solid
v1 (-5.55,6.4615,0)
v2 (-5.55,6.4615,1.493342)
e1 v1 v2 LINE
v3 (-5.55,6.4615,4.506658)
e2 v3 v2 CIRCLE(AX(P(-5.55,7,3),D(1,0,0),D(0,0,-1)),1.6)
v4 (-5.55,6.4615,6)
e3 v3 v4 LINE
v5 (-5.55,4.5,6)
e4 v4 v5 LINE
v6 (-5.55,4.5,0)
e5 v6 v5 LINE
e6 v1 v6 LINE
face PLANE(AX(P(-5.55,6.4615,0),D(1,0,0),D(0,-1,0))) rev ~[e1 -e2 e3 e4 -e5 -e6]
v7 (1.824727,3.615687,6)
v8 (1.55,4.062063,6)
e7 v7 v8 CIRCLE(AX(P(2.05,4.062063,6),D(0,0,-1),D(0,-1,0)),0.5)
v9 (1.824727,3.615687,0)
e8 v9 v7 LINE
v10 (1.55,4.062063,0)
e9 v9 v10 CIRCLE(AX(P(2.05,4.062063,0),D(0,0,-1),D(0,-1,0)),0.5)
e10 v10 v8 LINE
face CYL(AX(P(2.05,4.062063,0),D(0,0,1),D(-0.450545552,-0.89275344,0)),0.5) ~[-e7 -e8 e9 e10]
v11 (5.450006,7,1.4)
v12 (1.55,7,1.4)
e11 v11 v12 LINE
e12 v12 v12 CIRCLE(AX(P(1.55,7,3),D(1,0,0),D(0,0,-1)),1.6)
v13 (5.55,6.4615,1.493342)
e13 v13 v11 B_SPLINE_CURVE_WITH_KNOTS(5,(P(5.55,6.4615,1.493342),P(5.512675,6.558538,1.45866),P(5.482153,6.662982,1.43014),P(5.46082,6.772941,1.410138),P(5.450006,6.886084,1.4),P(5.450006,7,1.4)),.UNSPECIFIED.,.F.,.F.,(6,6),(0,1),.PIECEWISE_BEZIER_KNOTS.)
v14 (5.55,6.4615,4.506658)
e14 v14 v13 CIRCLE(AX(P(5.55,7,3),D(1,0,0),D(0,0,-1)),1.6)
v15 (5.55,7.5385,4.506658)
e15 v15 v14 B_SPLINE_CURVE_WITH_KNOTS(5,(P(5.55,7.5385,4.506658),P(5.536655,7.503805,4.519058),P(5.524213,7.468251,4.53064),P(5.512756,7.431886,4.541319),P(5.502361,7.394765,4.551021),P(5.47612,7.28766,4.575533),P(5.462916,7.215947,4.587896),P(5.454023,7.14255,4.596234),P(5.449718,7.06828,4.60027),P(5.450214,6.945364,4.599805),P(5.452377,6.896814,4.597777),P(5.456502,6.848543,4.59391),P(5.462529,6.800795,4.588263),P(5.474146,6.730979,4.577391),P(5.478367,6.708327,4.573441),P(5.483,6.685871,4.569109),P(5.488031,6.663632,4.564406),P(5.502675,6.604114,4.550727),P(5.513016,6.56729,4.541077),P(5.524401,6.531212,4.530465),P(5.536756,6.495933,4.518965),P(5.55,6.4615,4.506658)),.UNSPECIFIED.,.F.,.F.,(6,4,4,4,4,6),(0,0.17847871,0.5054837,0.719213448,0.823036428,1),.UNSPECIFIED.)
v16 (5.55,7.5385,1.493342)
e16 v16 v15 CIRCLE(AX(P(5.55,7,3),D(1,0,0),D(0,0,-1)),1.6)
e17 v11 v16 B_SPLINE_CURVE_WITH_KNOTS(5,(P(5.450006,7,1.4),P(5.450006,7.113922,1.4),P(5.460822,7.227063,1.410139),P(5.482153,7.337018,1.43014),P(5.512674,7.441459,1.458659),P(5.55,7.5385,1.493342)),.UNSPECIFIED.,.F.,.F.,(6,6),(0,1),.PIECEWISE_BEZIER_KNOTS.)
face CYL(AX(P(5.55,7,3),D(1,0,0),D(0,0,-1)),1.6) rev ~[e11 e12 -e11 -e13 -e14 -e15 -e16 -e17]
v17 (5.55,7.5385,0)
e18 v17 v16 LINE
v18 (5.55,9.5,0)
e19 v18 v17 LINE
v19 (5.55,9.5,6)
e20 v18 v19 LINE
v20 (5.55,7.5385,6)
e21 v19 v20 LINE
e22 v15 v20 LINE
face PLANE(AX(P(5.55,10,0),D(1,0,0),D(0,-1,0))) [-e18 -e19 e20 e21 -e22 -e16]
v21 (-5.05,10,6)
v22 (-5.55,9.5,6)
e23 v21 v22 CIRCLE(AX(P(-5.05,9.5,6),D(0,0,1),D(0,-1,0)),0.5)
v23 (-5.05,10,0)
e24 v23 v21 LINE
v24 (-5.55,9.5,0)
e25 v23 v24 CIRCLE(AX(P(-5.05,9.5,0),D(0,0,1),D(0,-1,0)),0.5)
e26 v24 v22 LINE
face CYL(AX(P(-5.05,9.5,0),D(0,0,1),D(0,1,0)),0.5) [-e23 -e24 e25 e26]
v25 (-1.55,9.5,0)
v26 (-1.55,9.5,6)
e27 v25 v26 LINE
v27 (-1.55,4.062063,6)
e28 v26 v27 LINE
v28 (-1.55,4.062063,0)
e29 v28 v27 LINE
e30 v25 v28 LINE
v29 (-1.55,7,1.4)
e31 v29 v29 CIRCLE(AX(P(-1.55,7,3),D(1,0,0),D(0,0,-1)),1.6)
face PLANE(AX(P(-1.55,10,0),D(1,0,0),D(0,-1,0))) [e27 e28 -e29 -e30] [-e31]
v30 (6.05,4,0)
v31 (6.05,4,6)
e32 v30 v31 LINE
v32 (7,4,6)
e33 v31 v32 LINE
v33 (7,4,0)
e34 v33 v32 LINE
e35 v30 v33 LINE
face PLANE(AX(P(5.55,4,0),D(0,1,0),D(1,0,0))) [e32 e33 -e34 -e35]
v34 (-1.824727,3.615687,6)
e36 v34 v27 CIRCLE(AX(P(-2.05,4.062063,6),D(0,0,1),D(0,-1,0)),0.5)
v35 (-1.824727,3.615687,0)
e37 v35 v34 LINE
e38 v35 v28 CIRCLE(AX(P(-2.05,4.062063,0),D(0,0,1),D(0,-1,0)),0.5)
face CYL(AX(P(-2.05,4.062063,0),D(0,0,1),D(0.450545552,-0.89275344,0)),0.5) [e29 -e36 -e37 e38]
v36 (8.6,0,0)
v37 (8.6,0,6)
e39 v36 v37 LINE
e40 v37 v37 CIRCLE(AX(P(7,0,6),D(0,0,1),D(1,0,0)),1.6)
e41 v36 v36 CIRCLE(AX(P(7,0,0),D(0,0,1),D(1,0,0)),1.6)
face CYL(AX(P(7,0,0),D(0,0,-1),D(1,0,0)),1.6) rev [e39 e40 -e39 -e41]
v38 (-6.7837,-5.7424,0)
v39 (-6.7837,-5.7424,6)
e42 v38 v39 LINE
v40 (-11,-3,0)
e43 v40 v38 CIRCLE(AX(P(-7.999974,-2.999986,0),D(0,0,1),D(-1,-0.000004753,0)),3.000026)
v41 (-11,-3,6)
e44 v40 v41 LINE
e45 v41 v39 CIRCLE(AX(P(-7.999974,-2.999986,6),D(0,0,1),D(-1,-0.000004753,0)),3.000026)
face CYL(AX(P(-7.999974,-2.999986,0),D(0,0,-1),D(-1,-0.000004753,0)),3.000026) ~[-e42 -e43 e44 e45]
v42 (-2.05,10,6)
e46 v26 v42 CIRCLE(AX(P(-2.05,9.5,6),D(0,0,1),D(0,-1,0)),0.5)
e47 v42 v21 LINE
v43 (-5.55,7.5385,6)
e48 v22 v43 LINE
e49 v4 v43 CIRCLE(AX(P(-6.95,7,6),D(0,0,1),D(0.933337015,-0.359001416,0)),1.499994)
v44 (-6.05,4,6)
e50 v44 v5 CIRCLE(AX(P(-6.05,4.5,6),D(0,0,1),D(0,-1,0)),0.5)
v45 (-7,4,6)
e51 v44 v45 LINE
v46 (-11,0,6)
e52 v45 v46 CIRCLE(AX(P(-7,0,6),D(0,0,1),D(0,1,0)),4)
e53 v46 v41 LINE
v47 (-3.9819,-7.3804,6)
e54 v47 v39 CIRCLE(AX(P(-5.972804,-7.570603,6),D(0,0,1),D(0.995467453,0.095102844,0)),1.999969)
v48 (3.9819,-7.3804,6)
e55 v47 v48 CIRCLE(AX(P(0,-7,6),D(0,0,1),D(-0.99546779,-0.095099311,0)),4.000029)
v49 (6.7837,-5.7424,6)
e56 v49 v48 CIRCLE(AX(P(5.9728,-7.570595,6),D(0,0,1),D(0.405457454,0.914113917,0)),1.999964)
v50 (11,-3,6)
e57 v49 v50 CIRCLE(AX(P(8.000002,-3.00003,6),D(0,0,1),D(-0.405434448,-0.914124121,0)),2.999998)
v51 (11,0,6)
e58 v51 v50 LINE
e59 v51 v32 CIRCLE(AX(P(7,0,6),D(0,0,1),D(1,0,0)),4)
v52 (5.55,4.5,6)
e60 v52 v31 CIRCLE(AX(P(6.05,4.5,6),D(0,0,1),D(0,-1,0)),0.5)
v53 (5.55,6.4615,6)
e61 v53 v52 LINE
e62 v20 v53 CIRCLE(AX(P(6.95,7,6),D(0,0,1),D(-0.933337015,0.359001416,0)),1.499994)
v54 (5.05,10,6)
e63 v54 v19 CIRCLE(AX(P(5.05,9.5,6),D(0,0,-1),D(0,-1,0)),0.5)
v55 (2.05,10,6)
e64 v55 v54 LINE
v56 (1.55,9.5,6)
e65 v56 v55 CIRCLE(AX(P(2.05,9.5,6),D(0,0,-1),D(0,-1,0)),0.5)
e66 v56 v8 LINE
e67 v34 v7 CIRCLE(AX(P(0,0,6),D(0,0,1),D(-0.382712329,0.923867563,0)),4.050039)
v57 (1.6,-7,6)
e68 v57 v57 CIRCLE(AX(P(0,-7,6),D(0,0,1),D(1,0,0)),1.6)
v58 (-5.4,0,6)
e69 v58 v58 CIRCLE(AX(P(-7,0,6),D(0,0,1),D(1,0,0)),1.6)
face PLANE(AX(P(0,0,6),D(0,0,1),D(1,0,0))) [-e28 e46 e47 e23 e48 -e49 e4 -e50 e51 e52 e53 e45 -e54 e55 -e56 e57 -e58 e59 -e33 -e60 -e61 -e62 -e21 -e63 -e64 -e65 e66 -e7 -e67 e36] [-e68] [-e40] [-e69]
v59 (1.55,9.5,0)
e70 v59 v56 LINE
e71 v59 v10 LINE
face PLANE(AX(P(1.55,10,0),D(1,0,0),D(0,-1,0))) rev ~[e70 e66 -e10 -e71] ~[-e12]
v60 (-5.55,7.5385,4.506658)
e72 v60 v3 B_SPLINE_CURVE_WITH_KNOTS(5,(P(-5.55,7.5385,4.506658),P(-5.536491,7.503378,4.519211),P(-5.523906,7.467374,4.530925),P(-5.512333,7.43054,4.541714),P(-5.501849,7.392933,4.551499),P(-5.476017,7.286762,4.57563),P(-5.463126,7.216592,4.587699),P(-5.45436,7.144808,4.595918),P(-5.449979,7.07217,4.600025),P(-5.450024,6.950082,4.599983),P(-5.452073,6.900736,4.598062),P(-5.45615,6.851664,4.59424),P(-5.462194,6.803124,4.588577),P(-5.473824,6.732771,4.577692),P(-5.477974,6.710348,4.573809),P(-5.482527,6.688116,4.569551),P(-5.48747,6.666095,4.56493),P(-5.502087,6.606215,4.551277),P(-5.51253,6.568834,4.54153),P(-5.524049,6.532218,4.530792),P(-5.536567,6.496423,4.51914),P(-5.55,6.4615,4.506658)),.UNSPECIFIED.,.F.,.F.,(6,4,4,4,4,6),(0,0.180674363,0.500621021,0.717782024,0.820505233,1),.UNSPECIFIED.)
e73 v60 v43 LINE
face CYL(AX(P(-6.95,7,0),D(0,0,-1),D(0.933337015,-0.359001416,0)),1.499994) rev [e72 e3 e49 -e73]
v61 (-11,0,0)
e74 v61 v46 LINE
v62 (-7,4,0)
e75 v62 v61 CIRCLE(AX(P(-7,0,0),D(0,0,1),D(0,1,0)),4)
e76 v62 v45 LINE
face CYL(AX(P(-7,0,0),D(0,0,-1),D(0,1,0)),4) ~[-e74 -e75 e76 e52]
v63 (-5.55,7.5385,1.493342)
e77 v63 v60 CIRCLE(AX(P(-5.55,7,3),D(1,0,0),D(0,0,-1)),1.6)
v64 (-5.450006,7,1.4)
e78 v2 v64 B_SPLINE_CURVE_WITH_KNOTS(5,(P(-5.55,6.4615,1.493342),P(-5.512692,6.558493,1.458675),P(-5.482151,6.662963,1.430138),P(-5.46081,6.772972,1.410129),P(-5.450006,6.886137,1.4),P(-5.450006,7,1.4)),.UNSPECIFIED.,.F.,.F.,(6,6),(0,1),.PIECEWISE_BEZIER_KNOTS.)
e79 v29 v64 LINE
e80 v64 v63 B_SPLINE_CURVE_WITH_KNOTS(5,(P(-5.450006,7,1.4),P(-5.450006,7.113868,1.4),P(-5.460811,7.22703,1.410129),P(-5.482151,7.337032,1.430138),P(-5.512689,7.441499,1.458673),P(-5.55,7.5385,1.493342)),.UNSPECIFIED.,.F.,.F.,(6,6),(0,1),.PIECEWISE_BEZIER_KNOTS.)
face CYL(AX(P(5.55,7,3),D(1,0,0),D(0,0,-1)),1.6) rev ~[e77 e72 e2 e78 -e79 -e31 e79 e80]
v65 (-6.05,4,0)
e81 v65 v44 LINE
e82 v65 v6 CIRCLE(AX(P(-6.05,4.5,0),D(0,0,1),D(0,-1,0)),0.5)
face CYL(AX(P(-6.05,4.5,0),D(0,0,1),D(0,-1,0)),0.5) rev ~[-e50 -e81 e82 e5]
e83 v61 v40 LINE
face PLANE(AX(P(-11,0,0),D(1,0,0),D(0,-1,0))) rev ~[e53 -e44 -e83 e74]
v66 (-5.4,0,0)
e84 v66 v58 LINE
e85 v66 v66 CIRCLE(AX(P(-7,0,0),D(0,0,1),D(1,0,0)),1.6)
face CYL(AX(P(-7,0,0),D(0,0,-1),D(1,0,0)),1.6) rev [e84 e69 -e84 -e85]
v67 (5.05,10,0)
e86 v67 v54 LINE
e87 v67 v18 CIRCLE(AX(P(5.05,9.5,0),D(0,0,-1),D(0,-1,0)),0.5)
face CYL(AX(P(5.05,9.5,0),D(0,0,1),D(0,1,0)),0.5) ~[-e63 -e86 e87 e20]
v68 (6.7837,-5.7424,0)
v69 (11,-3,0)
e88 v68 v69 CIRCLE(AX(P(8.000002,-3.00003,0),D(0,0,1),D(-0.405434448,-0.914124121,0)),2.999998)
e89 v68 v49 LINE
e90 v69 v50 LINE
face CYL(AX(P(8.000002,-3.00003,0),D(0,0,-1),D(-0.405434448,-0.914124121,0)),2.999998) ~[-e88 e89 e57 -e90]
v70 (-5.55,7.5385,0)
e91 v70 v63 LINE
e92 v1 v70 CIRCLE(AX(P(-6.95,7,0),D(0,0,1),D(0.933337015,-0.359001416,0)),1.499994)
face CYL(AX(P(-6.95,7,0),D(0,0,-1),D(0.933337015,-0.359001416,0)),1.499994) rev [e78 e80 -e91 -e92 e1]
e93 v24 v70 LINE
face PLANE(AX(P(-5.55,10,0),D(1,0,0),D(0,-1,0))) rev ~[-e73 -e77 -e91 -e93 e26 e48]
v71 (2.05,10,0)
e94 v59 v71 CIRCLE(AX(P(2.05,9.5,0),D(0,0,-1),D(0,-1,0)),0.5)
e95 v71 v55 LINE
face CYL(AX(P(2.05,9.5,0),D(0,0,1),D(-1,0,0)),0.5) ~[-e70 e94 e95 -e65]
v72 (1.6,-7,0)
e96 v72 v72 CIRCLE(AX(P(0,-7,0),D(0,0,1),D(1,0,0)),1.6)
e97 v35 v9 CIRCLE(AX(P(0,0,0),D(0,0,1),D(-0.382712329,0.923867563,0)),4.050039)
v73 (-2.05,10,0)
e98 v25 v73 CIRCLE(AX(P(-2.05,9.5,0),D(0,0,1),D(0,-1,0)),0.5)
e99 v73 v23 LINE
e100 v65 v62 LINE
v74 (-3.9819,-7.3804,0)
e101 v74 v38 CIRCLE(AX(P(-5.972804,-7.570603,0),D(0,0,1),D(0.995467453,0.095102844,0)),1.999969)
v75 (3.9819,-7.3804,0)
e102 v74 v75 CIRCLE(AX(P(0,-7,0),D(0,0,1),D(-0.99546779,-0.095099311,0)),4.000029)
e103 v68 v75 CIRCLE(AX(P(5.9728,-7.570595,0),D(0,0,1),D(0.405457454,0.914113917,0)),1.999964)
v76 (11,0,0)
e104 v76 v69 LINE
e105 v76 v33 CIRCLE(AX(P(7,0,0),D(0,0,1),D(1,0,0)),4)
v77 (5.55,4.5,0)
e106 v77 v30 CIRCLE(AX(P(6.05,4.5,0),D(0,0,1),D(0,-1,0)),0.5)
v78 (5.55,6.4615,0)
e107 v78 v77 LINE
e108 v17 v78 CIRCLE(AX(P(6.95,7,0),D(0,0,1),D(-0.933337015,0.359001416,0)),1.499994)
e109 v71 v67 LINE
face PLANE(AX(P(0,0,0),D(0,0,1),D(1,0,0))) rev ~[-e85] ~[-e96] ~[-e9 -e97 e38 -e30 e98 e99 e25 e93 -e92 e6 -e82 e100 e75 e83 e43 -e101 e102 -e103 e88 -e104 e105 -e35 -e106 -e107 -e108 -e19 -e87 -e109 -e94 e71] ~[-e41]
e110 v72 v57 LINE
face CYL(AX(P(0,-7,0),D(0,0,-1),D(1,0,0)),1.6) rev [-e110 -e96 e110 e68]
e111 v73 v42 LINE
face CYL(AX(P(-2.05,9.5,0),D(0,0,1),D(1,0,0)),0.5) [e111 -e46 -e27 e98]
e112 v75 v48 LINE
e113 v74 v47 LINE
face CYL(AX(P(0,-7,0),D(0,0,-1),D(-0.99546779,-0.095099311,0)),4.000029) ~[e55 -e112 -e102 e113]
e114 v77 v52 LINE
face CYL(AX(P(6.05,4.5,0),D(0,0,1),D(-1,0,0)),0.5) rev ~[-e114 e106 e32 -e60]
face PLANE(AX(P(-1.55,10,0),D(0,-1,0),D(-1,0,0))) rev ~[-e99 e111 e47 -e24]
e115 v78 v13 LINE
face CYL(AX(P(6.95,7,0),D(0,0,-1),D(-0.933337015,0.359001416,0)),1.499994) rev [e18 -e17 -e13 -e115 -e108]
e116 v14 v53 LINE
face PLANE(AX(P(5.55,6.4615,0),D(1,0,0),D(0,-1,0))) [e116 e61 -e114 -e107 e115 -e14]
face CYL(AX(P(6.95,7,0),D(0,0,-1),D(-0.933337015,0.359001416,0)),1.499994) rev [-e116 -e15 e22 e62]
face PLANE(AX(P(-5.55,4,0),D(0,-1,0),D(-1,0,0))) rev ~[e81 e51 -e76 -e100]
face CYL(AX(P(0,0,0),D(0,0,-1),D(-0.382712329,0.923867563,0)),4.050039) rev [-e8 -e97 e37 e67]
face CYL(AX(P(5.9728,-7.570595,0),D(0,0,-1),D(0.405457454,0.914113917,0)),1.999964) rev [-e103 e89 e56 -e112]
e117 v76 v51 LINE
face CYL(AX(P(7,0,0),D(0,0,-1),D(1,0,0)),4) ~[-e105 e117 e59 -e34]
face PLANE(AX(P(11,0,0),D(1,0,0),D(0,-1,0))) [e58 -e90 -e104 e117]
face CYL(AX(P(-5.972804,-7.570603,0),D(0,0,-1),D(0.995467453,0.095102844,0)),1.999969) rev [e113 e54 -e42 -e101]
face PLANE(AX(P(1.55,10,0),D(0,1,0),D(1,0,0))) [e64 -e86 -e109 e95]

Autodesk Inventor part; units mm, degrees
ref_plane "YZ Plane" through (0, 0, 0) normal (1, 0, 0) x (0, 1, 0)
ref_plane "XZ Plane" through (0, 0, 0) normal (0, 1, 0) x (-1, 0, 0)
ref_plane "XY Plane" through (0, 0, 0) normal (0, 0, 1) x (1, 0, 0)
sketch "スケッチ1" plane through (0, 0, 0) normal (0, 0, 1) x (1, 0, 0)
  arc A0 (-1.55, 3.7417) -> (1.55, 3.7417) centre (0, 0) ccw
  circle A1 centre (-7, 0) radius 1.6
  circle A2 centre (7, 0) radius 1.6
  arc A3 (-7, 4) -> (-11, 0) centre (-7, 0) ccw
  arc A4 (11, 0) -> (7, 4) centre (7, 0) ccw
  line L0 (-1.55, 10) -> (-1.55, 3.7417)
  line L1 (1.55, 10) -> (1.55, 3.7417)
  circle A5 centre (0, -7) radius 1.6
  line L2 (1.55, 10) -> (5.55, 10)
  line L3 (5.55, 10) -> (5.55, 7.5385)
  line L4 (5.55, 4) -> (7, 4)
  line L5 (-1.55, 10) -> (-5.55, 10)
  line L6 (-5.55, 10) -> (-5.55, 7.5385)
  line L7 (-5.55, 4) -> (-7, 4)
  line L8 (-11, 0) -> (-11, -3)
  arc A6 (-11, -3) -> (-6.7837, -5.7424) centre (-8, -3) ccw
  arc A7 (1.55, 3.7417) -> (-1.55, 3.7417) centre (0, 0) ccw construction
  arc A8 (-3.9819, -7.3804) -> (3.9819, -7.3804) centre (0, -7) ccw
  arc A9 (-3.9819, -7.3804) -> (-6.7837, -5.7424) centre (-5.9728, -7.5706) ccw
  line L9 (11, 0) -> (11, -3)
  arc A10 (6.7837, -5.7424) -> (11, -3) centre (8, -3) ccw
  arc A11 (6.7837, -5.7424) -> (3.9819, -7.3804) centre (5.9728, -7.5706) ccw
  arc A12 (-5.55, 7.5385) -> (-5.55, 6.4615) centre (-6.95, 7) ccw construction
  arc A13 (5.55, 6.4615) -> (5.55, 7.5385) centre (6.95, 7) ccw construction
  arc A14 (-5.55, 6.4615) -> (-5.55, 7.5385) centre (-6.95, 7) ccw
  arc A15 (5.55, 7.5385) -> (5.55, 6.4615) centre (6.95, 7) ccw
  line L10 (5.55, 6.4615) -> (5.55, 4)
  line L11 (5.55, 7.5385) -> (5.55, 6.4615) construction
  line L12 (-5.55, 6.4615) -> (-5.55, 4)
  line L13 (-5.55, 7.5385) -> (-5.55, 6.4615) construction
  dimension "d0" = 8.1
  dimension "d1" = 3.2
  dimension "d2" = 3.2
  dimension "d4" = 7
  dimension "d5" = 7
  dimension "d6" = 3.2
  dimension "d7" = 7
  dimension "d8" = 6
  dimension "d9" = 4
  dimension "d10" = 3.1
  dimension "d11" = 4
  dimension "d12" = 4
  dimension "d13" = 1.55
  dimension "d14" = 3
  dimension "d15" = 3
  dimension "d16" = 4
  dimension "d17" = 4
  dimension "d18" = 3
  dimension "d19" = 3
  dimension "d20" = 2
  dimension "d21" = 2
  dimension "d22" = 3
  dimension "d23" = 3
  dimension "d24" = 1.4
  dimension "d25" = 1.4
  dimension "d26" = 3
  dimension "d27" = 3
extrude "押し出し1" add sketch "スケッチ1" along normal blind 6
sketch "スケッチ2" plane through (5.55, 4, 0) normal (1, 0, 0) x (0, 0, -1)
  circle A0 centre (-3, 3) radius 1.6
  line L0 (0, 6) -> (-6, 6) projected
  point P0 (0, -4)
  dimension "d30" = 3.2
  dimension "d31" = 3
  dimension "d32" = 3
extrude "押し出し2" cut sketch "スケッチ2" against normal through all
fillet "フィレット1" radius 0.5 8 edges at (-5.55, 10, 3) (-1.55, 10, 3) (1.55, 10, 3) (5.55, 10, 3) (5.55, 4, 3) (-5.55, 4, 3) (-1.55, 3.7417, 3) (1.55, 3.7417, 3)
properties part number "カップリング_軸8mm"
